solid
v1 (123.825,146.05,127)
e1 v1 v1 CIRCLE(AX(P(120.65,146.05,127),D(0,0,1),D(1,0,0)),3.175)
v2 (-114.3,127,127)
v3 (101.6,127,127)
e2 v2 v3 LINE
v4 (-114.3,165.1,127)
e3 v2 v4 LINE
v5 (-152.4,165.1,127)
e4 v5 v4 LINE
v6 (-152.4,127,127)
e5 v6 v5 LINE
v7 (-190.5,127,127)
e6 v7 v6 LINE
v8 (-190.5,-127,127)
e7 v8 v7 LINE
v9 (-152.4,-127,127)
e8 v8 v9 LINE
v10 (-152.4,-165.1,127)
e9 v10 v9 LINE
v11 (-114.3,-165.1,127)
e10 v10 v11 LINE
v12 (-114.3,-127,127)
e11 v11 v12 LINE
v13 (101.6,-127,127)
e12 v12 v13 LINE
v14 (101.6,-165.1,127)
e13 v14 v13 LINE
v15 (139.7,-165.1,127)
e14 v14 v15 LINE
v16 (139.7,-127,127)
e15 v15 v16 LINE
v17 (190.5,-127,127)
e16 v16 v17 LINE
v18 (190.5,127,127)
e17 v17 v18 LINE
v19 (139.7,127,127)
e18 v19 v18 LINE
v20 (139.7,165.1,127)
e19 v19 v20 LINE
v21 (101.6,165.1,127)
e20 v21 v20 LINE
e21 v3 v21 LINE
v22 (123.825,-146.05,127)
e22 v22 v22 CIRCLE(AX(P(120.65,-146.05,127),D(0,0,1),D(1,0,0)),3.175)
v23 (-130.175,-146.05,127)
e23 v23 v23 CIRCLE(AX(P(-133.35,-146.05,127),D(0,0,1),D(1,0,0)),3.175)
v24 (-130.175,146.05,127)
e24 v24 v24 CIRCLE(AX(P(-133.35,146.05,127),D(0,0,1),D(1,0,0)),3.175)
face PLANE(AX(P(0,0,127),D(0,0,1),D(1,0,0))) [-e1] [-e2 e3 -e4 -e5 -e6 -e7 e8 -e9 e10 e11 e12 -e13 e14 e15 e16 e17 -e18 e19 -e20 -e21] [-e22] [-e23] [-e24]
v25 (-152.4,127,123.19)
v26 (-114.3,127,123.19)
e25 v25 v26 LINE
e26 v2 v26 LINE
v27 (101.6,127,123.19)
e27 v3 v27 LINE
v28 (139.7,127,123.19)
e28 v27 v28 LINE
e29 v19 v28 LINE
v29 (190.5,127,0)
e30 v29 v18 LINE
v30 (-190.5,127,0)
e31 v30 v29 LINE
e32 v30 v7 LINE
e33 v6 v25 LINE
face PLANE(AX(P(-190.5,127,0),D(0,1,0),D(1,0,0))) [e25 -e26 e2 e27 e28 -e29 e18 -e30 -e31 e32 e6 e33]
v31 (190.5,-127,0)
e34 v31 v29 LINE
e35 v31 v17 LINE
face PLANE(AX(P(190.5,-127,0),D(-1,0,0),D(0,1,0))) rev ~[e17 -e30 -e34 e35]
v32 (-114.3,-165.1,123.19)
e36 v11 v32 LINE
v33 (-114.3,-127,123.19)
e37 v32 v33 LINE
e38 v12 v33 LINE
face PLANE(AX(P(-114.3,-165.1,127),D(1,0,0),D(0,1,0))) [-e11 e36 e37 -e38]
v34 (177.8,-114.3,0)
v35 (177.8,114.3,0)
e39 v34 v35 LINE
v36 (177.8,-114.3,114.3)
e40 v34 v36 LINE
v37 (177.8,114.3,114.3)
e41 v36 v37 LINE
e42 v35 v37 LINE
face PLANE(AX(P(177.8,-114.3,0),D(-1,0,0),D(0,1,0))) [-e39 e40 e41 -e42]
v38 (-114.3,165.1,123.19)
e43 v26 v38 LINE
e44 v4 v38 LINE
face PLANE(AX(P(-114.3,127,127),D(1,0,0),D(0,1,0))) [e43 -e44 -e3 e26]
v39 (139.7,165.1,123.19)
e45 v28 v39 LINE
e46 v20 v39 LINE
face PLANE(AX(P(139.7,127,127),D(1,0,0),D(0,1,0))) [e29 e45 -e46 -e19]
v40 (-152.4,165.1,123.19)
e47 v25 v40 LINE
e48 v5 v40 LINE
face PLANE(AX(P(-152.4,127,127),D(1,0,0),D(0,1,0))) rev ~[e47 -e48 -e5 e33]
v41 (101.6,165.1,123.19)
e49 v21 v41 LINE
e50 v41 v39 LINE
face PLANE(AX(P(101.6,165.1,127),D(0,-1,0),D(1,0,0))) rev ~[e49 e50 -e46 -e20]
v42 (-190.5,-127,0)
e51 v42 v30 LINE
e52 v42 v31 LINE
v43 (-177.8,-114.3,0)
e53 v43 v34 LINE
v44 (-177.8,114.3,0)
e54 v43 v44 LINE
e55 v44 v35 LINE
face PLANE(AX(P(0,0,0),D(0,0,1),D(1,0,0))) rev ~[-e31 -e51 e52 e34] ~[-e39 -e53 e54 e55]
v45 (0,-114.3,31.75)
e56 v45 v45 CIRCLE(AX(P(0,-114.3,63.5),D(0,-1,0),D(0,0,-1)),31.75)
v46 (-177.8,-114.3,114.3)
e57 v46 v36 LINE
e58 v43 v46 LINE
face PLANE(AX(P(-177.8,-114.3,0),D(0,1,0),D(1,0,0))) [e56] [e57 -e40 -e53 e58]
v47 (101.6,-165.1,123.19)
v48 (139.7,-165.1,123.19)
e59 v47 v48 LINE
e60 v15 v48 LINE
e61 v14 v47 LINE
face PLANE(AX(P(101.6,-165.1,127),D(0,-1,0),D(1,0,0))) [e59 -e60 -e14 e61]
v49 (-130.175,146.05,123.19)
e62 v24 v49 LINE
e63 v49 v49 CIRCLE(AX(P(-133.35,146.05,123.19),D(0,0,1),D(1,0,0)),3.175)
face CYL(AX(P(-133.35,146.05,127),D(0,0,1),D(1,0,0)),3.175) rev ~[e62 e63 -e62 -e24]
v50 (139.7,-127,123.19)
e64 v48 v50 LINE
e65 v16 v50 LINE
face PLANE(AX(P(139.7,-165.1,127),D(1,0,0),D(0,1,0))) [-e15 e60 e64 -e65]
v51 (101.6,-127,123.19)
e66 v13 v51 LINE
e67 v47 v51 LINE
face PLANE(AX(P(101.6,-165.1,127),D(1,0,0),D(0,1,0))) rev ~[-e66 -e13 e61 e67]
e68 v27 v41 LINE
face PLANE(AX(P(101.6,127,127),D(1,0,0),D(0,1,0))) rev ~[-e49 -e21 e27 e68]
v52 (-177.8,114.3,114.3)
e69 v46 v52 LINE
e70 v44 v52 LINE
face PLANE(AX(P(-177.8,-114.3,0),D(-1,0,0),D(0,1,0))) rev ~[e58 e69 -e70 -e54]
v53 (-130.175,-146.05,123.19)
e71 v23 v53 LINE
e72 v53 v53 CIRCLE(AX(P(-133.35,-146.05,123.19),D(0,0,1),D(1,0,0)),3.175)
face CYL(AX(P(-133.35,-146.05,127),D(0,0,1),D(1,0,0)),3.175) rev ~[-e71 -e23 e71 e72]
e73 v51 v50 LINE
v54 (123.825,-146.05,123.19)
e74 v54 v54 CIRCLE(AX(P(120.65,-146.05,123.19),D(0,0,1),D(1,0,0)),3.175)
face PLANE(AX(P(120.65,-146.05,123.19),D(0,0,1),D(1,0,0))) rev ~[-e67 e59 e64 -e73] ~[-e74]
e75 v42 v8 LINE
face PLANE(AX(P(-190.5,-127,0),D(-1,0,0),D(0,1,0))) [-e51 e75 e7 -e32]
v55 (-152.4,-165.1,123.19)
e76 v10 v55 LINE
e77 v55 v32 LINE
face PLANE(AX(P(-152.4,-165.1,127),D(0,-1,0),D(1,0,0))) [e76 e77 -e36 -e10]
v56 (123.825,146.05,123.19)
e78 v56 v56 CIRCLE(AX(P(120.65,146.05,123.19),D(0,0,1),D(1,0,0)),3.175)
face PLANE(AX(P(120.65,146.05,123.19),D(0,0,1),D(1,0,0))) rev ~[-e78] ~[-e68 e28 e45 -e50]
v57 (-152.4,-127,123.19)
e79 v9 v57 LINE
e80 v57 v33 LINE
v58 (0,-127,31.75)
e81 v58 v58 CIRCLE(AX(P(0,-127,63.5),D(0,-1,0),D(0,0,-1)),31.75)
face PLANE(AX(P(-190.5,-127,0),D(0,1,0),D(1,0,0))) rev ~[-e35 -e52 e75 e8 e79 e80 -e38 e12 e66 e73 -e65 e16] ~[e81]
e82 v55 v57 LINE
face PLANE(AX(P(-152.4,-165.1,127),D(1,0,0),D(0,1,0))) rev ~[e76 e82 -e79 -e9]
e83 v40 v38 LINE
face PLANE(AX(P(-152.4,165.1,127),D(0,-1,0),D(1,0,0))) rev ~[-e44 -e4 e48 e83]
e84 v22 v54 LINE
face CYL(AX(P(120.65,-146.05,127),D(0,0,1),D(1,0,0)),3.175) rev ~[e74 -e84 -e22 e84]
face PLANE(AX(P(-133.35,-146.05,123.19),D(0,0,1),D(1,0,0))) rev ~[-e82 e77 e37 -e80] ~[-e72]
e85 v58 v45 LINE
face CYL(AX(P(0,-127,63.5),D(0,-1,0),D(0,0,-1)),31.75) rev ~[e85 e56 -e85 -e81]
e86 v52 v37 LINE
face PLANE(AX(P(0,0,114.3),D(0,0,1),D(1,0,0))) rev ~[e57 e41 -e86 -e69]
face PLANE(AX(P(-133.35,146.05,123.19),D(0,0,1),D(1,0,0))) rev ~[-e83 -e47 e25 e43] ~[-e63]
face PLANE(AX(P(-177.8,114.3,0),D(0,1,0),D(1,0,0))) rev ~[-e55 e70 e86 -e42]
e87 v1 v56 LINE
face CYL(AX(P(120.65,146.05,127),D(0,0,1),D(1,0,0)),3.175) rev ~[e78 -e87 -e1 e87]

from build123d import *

# Parameters (mm, degrees)
SKETCH1_W           = 762
SKETCH1_H           = 508
SKETCH1_W_2         = 711.2
SKETCH1_H_2         = 457.2
BOSS_EXTRUDE1_DEPTH = 254
SKETCH2_W           = 711.2
SKETCH2_H           = 457.2
BOSS_EXTRUDE2_DEPTH = 25.4
SKETCH3_W           = 76.2
SKETCH3_H           = 76.2
SKETCH3_R           = 6.35
BOSS_EXTRUDE3_DEPTH = 7.62
SKETCH4_R           = 63.5
CUT_EXTRUDE1_DEPTH  = 133.096
SCALE1_SCALE        = 0.5


with BuildPart() as part:
    # Sketch1 → Boss-Extrude1 (new body)
    with BuildSketch(Plane.XY):
        Rectangle(SKETCH1_W, SKETCH1_H)
        Rectangle(SKETCH1_W_2, SKETCH1_H_2, mode=Mode.SUBTRACT)
    extrude(amount=BOSS_EXTRUDE1_DEPTH)

    # Sketch2 → Boss-Extrude2 (add)
    with BuildSketch(Plane.XY.offset(254)):
        Rectangle(SKETCH2_W, SKETCH2_H)
    extrude(amount=-BOSS_EXTRUDE2_DEPTH)

    # Sketch3 → Boss-Extrude3 (add)
    # profile 1 of 4: a face of its own
    with BuildSketch(Plane.XY.offset(254)):
        with Locations((-266.7, -292.1)):
            Rectangle(SKETCH3_W, SKETCH3_H)
        with Locations((-266.7, -292.1)):
            Circle(SKETCH3_R, mode=Mode.SUBTRACT)
    # profile 2 of 4: a face of its own
    with BuildSketch(Plane.XY.offset(254)):
        with Locations((-266.7, 292.1)):
            Rectangle(SKETCH3_W, SKETCH3_H)
        with Locations((-266.7, 292.1)):
            Circle(SKETCH3_R, mode=Mode.SUBTRACT)
    # profile 3 of 4: a face of its own
    with BuildSketch(Plane.XY.offset(254)):
        with Locations((241.3, -292.1)):
            Rectangle(SKETCH3_W, SKETCH3_H)
        with Locations((241.3, -292.1)):
            Circle(SKETCH3_R, mode=Mode.SUBTRACT)
    # profile 4 of 4: a face of its own
    with BuildSketch(Plane.XY.offset(254)):
        with Locations((241.3, 292.1)):
            Rectangle(SKETCH3_W, SKETCH3_H)
        with Locations((241.3, 292.1)):
            Circle(SKETCH3_R, mode=Mode.SUBTRACT)
    extrude(amount=-BOSS_EXTRUDE3_DEPTH)

    # Sketch4 → Cut-Extrude1 (cut)
    with BuildSketch(Plane.XZ.offset(254)):
        with Locations(Location((0, 127, 0), (0, 0, 270))):
            Circle(SKETCH4_R)
    extrude(amount=-CUT_EXTRUDE1_DEPTH, mode=Mode.SUBTRACT)


with BuildPart() as part_1:
    # Scale1: scaled about (0, 0, 0)
    add(part.part.scale(SCALE1_SCALE))


solid = part_1.part
